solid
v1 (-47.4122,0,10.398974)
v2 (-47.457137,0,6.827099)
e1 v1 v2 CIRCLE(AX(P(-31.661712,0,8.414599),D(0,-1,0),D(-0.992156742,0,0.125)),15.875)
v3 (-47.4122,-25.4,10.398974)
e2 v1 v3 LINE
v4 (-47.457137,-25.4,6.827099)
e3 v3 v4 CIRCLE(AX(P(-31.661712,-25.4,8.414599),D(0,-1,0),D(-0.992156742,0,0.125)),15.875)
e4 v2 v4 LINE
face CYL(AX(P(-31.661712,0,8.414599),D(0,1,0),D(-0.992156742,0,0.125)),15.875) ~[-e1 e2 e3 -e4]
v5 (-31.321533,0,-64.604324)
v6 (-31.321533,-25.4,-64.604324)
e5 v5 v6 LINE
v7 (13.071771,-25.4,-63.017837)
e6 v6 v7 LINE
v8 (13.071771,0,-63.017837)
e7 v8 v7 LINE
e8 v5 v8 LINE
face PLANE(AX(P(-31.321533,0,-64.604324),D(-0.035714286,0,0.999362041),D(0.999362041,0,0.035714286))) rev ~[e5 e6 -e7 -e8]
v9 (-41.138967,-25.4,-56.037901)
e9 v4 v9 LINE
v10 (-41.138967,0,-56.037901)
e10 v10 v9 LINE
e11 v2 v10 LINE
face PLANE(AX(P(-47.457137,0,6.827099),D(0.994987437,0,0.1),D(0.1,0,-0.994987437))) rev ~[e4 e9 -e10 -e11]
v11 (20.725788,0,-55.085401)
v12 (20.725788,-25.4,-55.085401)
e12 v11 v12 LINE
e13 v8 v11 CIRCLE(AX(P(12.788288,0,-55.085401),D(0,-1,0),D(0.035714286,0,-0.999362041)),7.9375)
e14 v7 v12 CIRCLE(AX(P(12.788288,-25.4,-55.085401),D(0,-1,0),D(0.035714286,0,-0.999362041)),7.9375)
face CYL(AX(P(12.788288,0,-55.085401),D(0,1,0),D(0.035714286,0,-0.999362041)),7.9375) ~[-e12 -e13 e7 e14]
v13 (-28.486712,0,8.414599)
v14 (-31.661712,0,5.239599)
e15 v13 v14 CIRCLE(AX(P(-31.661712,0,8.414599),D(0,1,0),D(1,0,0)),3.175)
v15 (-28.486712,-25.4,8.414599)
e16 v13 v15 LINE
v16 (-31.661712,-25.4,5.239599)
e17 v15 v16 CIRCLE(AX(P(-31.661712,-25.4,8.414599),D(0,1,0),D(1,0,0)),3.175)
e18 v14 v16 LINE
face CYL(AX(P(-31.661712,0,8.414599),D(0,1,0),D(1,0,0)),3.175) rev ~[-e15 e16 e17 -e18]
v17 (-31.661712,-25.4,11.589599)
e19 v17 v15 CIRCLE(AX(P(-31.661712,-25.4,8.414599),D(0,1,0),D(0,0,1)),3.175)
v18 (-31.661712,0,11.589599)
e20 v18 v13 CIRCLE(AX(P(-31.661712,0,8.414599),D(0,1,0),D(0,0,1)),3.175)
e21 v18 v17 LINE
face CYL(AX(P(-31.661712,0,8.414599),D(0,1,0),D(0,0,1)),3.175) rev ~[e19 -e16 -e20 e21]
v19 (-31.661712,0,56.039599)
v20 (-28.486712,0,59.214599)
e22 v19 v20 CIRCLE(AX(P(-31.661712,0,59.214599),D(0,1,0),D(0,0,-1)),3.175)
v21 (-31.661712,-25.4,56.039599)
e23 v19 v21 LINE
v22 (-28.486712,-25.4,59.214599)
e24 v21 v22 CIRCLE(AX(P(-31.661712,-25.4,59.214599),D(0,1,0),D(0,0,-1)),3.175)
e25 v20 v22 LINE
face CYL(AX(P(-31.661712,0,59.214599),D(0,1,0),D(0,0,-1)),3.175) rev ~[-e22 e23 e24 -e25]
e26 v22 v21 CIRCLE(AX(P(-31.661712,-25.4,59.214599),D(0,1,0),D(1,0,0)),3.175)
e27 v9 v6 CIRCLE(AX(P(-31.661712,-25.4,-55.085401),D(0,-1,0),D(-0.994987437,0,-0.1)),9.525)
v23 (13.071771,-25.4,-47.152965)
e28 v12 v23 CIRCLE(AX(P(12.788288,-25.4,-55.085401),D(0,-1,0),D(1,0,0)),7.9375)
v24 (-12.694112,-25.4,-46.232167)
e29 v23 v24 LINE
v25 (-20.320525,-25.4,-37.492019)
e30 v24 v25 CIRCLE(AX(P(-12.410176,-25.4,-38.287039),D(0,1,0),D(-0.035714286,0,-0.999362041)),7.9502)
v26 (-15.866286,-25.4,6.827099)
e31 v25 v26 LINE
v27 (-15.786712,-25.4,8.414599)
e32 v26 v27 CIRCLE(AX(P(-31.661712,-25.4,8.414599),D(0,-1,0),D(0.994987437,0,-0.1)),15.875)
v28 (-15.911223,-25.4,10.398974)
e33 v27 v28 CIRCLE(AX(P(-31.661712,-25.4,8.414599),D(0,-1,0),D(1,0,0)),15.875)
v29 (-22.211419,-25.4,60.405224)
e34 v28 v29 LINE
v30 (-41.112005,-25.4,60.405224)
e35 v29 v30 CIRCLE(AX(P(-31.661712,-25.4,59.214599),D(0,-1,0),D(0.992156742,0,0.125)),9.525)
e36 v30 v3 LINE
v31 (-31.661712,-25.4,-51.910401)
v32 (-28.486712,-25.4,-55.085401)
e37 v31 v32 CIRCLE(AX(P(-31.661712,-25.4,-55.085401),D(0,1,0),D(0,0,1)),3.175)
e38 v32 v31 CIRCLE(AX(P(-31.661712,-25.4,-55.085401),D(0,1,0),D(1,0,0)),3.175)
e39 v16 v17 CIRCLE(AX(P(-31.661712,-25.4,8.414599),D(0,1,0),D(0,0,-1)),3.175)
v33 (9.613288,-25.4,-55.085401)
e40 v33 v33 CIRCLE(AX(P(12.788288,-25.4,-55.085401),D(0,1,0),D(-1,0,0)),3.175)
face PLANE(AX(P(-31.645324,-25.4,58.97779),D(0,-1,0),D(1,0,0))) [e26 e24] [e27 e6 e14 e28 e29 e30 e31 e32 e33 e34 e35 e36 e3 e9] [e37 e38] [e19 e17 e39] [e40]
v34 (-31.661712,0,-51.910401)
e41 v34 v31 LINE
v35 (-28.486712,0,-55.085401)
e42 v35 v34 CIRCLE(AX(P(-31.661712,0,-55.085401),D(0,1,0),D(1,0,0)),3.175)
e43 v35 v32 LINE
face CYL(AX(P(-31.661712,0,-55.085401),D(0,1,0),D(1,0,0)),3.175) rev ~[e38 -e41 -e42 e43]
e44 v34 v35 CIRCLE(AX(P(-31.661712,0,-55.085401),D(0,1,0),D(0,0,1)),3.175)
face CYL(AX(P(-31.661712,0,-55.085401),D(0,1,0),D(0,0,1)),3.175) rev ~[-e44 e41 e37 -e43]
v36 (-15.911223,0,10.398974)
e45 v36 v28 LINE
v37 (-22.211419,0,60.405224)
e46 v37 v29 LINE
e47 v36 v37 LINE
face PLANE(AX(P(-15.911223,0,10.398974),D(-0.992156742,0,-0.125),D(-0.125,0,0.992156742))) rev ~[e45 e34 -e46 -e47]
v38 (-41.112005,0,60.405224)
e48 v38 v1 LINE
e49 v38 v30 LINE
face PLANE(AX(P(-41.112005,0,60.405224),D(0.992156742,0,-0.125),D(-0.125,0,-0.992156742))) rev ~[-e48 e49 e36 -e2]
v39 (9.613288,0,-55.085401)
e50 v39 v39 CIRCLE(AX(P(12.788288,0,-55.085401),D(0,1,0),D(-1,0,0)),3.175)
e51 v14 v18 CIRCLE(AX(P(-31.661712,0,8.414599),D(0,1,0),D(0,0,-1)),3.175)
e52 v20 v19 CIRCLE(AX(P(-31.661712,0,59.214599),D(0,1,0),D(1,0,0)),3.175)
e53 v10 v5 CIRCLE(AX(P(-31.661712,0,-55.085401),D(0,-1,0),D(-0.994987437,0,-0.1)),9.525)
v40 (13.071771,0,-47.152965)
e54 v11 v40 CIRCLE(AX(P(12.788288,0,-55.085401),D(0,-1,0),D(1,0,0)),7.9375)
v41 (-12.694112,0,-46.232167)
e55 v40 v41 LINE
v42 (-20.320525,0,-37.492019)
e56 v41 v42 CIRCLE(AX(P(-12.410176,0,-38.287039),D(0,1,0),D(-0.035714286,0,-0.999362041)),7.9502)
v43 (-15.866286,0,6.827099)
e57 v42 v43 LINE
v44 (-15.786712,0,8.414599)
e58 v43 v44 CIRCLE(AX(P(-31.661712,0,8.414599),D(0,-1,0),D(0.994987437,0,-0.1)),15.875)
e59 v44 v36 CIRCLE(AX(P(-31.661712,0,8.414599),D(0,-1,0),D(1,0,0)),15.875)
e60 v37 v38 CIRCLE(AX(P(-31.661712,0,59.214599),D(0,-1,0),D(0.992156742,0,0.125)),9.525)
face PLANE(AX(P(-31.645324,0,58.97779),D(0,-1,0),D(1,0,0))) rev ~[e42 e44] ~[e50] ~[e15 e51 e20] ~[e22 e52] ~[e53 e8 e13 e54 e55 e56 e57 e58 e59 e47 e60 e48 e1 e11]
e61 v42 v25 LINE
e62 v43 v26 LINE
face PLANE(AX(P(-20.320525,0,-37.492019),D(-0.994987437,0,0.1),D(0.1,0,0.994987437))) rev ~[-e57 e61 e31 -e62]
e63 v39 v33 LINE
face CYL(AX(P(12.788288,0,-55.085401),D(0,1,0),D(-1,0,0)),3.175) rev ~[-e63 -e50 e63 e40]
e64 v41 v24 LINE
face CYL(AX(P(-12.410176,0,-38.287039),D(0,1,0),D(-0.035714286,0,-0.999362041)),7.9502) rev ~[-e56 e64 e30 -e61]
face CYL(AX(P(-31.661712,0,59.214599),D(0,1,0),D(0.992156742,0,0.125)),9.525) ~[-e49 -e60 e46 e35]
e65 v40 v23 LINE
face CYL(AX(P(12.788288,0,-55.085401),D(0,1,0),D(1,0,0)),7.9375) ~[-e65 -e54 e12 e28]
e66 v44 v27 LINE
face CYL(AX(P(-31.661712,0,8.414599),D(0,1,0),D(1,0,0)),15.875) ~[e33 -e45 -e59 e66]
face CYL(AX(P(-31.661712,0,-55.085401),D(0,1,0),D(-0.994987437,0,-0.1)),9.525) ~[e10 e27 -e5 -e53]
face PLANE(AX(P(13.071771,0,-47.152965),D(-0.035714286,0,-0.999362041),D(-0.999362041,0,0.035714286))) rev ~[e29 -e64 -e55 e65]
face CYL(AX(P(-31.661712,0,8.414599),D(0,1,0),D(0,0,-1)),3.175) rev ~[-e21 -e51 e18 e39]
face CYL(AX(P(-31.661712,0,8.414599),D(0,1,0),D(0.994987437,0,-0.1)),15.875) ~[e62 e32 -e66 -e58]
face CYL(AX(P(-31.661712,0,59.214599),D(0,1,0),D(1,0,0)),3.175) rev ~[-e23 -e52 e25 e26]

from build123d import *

# Parameters (mm, degrees)
F1_DEPTH = 25.4


with BuildPart() as f1:
    # F0 (on Front) → F1 (new body)
    with BuildSketch(Plane.XZ):
        with BuildLine():
            ThreePointArc((-41.1120045974, 60.4052241132), (-38.8054616332, 52.9144038037), (-31.6617116332, 49.6895991132))
            ThreePointArc((-31.6617116332, 49.6895991132), (-24.9265195424, 52.4794070224), (-22.1367116332, 59.2145991132))
            ThreePointArc((-22.1367116332, 59.2145991132), (-22.155406739, 59.8110823551), (-22.211418669, 60.4052241132))
            ThreePointArc((-22.211418669, 60.4052241132), (-31.6617116332, 68.7395991132), (-41.1120045974, 60.4052241132))
        make_face()
        with BuildLine():
            ThreePointArc((-28.4867116332, 59.2145991132), (-29.4166476029, 56.9695350829), (-31.6617116332, 56.0395991132))
            ThreePointArc((-31.6617116332, 56.0395991132), (-33.9067756635, 61.4596631434), (-28.4867116332, 59.2145991132))
        make_face(mode=Mode.SUBTRACT)
        with BuildLine():
            ThreePointArc((-22.1367116332, 59.2145991132), (-24.9265195424, 52.4794070224), (-31.6617116332, 49.6895991132))
            Line((-31.6617116332, 49.6895991132), (-31.6617116332, 24.2895991132))
            ThreePointArc((-31.6617116332, 24.2895991132), (-21.1613861174, 20.3208491132), (-15.9112233595, 10.3989741132))
            Line((-15.9112233595, 10.3989741132), (-22.211418669, 60.4052241132))
            ThreePointArc((-22.211418669, 60.4052241132), (-22.155406739, 59.8110823551), (-22.1367116332, 59.2145991132))
        make_face()
        with BuildLine():
            Line((-31.6617116332, 24.2895991132), (-31.6617116332, 49.6895991132))
            ThreePointArc((-31.6617116332, 49.6895991132), (-38.8054616332, 52.9144038037), (-41.1120045974, 60.4052241132))
            Line((-41.1120045974, 60.4052241132), (-47.4121999069, 10.3989741132))
            ThreePointArc((-47.4121999069, 10.3989741132), (-42.162037149, 20.3208491132), (-31.6617116332, 24.2895991132))
        make_face()
        with BuildLine():
            ThreePointArc((-15.9112233595, 10.3989741132), (-21.1613861174, 20.3208491132), (-31.6617116332, 24.2895991132))
            Line((-31.6617116332, 24.2895991132), (-31.6617116332, 11.5895991132))
            ThreePointArc((-31.6617116332, 11.5895991132), (-29.4166476029, 10.6596631434), (-28.4867116332, 8.4145991132))
            ThreePointArc((-28.4867116332, 8.4145991132), (-29.4166476029, 6.1695350829), (-31.6617116332, 5.2395991132))
            Line((-31.6617116332, 5.2395991132), (-31.6617116332, -7.4604008868))
            ThreePointArc((-31.6617116332, -7.4604008868), (-21.0124378904, -3.3586159851), (-15.8662860691, 6.8270991132))
            ThreePointArc((-15.8662860691, 6.8270991132), (-15.8066177226, 7.6198525591), (-15.7867116332, 8.4145991132))
            ThreePointArc((-15.7867116332, 8.4145991132), (-15.8178701428, 9.4087378498), (-15.9112233595, 10.3989741132))
        make_face()
        with BuildLine():
            Line((-31.6617116332, 11.5895991132), (-31.6617116332, 24.2895991132))
            ThreePointArc((-31.6617116332, 24.2895991132), (-42.162037149, 20.3208491132), (-47.4121999069, 10.3989741132))
            ThreePointArc((-47.4121999069, 10.3989741132), (-47.5354554487, 8.6143045999), (-47.4571371973, 6.8270991132))
            ThreePointArc((-47.4571371973, 6.8270991132), (-42.310985376, -3.3586159851), (-31.6617116332, -7.4604008868))
            Line((-31.6617116332, -7.4604008868), (-31.6617116332, 5.2395991132))
            ThreePointArc((-31.6617116332, 5.2395991132), (-34.8367116332, 8.4145991132), (-31.6617116332, 11.5895991132))
        make_face()
        with BuildLine():
            ThreePointArc((-31.6617116332, -7.4604008868), (-42.310985376, -3.3586159851), (-47.4571371973, 6.8270991132))
            Line((-47.4571371973, 6.8270991132), (-41.1389669716, -56.0379008868))
            ThreePointArc((-41.1389669716, -56.0379008868), (-38.7256406922, -48.6958366411), (-31.6617116332, -45.5604008868))
            Line((-31.6617116332, -45.5604008868), (-31.6617116332, -7.4604008868))
        make_face()
        with BuildLine():
            ThreePointArc((-15.8662860691, 6.8270991132), (-21.0124378904, -3.3586159851), (-31.6617116332, -7.4604008868))
            Line((-31.6617116332, -7.4604008868), (-31.6617116332, -45.5604008868))
            ThreePointArc((-31.6617116332, -45.5604008868), (-24.9265195424, -48.350208796), (-22.1367116332, -55.0854008868))
            Line((-22.1367116332, -55.0854008868), (4.8507883668, -55.0854008868))
            ThreePointArc((4.8507883668, -55.0854008868), (7.2767655853, -49.3733939821), (13.0717705097, -47.1529646832))
            Line((13.0717705097, -47.1529646832), (-12.6941116327, -46.232167176))
            ThreePointArc((-12.6941116327, -46.232167176), (-18.4005117359, -43.514041737), (-20.3205250409, -37.4920190744))
            Line((-20.3205250409, -37.4920190744), (-15.8662860691, 6.8270991132))
        make_face()
        with BuildLine():
            ThreePointArc((-31.6617116332, -45.5604008868), (-38.7256406922, -48.6958366411), (-41.1389669716, -56.0379008868))
            ThreePointArc((-41.1389669716, -56.0379008868), (-37.9240950148, -62.2623207959), (-31.3215330618, -64.6043243312))
            ThreePointArc((-31.3215330618, -64.6043243312), (-24.8073033476, -61.6992282246), (-22.1367116332, -55.0854008868))
            Line((-22.1367116332, -55.0854008868), (-28.4867116332, -55.0854008868))
            ThreePointArc((-28.4867116332, -55.0854008868), (-33.9067756635, -57.3304649171), (-31.6617116332, -51.9104008868))
            Line((-31.6617116332, -51.9104008868), (-31.6617116332, -45.5604008868))
        make_face()
        with BuildLine():
            ThreePointArc((-22.1367116332, -55.0854008868), (-24.8073033476, -61.6992282246), (-31.3215330618, -64.6043243312))
            Line((-31.3215330618, -64.6043243312), (13.0717705097, -63.0178370905))
            ThreePointArc((13.0717705097, -63.0178370905), (7.2767655853, -60.7974077915), (4.8507883668, -55.0854008868))
            Line((4.8507883668, -55.0854008868), (-22.1367116332, -55.0854008868))
        make_face()
        with BuildLine():
            ThreePointArc((4.8507883668, -55.0854008868), (7.2767655853, -60.7974077915), (13.0717705097, -63.0178370905))
            ThreePointArc((13.0717705097, -63.0178370905), (18.5002952715, -60.5969236683), (20.7257883668, -55.0854008868))
            ThreePointArc((20.7257883668, -55.0854008868), (18.5002952715, -49.5738781054), (13.0717705097, -47.1529646832))
            ThreePointArc((13.0717705097, -47.1529646832), (7.2767655853, -49.3733939821), (4.8507883668, -55.0854008868))
        make_face()
        with BuildLine():
            ThreePointArc((15.9632883668, -55.0854008868), (12.7882883668, -58.2604008868), (9.6132883668, -55.0854008868))
            ThreePointArc((9.6132883668, -55.0854008868), (12.7882883668, -51.9104008868), (15.9632883668, -55.0854008868))
        make_face(mode=Mode.SUBTRACT)
        with BuildLine():
            ThreePointArc((-22.1367116332, -55.0854008868), (-24.9265195424, -48.350208796), (-31.6617116332, -45.5604008868))
            Line((-31.6617116332, -45.5604008868), (-31.6617116332, -51.9104008868))
            ThreePointArc((-31.6617116332, -51.9104008868), (-29.4166476029, -52.8403368566), (-28.4867116332, -55.0854008868))
            Line((-28.4867116332, -55.0854008868), (-22.1367116332, -55.0854008868))
        make_face()
    extrude(amount=F1_DEPTH)


solid = f1.part
